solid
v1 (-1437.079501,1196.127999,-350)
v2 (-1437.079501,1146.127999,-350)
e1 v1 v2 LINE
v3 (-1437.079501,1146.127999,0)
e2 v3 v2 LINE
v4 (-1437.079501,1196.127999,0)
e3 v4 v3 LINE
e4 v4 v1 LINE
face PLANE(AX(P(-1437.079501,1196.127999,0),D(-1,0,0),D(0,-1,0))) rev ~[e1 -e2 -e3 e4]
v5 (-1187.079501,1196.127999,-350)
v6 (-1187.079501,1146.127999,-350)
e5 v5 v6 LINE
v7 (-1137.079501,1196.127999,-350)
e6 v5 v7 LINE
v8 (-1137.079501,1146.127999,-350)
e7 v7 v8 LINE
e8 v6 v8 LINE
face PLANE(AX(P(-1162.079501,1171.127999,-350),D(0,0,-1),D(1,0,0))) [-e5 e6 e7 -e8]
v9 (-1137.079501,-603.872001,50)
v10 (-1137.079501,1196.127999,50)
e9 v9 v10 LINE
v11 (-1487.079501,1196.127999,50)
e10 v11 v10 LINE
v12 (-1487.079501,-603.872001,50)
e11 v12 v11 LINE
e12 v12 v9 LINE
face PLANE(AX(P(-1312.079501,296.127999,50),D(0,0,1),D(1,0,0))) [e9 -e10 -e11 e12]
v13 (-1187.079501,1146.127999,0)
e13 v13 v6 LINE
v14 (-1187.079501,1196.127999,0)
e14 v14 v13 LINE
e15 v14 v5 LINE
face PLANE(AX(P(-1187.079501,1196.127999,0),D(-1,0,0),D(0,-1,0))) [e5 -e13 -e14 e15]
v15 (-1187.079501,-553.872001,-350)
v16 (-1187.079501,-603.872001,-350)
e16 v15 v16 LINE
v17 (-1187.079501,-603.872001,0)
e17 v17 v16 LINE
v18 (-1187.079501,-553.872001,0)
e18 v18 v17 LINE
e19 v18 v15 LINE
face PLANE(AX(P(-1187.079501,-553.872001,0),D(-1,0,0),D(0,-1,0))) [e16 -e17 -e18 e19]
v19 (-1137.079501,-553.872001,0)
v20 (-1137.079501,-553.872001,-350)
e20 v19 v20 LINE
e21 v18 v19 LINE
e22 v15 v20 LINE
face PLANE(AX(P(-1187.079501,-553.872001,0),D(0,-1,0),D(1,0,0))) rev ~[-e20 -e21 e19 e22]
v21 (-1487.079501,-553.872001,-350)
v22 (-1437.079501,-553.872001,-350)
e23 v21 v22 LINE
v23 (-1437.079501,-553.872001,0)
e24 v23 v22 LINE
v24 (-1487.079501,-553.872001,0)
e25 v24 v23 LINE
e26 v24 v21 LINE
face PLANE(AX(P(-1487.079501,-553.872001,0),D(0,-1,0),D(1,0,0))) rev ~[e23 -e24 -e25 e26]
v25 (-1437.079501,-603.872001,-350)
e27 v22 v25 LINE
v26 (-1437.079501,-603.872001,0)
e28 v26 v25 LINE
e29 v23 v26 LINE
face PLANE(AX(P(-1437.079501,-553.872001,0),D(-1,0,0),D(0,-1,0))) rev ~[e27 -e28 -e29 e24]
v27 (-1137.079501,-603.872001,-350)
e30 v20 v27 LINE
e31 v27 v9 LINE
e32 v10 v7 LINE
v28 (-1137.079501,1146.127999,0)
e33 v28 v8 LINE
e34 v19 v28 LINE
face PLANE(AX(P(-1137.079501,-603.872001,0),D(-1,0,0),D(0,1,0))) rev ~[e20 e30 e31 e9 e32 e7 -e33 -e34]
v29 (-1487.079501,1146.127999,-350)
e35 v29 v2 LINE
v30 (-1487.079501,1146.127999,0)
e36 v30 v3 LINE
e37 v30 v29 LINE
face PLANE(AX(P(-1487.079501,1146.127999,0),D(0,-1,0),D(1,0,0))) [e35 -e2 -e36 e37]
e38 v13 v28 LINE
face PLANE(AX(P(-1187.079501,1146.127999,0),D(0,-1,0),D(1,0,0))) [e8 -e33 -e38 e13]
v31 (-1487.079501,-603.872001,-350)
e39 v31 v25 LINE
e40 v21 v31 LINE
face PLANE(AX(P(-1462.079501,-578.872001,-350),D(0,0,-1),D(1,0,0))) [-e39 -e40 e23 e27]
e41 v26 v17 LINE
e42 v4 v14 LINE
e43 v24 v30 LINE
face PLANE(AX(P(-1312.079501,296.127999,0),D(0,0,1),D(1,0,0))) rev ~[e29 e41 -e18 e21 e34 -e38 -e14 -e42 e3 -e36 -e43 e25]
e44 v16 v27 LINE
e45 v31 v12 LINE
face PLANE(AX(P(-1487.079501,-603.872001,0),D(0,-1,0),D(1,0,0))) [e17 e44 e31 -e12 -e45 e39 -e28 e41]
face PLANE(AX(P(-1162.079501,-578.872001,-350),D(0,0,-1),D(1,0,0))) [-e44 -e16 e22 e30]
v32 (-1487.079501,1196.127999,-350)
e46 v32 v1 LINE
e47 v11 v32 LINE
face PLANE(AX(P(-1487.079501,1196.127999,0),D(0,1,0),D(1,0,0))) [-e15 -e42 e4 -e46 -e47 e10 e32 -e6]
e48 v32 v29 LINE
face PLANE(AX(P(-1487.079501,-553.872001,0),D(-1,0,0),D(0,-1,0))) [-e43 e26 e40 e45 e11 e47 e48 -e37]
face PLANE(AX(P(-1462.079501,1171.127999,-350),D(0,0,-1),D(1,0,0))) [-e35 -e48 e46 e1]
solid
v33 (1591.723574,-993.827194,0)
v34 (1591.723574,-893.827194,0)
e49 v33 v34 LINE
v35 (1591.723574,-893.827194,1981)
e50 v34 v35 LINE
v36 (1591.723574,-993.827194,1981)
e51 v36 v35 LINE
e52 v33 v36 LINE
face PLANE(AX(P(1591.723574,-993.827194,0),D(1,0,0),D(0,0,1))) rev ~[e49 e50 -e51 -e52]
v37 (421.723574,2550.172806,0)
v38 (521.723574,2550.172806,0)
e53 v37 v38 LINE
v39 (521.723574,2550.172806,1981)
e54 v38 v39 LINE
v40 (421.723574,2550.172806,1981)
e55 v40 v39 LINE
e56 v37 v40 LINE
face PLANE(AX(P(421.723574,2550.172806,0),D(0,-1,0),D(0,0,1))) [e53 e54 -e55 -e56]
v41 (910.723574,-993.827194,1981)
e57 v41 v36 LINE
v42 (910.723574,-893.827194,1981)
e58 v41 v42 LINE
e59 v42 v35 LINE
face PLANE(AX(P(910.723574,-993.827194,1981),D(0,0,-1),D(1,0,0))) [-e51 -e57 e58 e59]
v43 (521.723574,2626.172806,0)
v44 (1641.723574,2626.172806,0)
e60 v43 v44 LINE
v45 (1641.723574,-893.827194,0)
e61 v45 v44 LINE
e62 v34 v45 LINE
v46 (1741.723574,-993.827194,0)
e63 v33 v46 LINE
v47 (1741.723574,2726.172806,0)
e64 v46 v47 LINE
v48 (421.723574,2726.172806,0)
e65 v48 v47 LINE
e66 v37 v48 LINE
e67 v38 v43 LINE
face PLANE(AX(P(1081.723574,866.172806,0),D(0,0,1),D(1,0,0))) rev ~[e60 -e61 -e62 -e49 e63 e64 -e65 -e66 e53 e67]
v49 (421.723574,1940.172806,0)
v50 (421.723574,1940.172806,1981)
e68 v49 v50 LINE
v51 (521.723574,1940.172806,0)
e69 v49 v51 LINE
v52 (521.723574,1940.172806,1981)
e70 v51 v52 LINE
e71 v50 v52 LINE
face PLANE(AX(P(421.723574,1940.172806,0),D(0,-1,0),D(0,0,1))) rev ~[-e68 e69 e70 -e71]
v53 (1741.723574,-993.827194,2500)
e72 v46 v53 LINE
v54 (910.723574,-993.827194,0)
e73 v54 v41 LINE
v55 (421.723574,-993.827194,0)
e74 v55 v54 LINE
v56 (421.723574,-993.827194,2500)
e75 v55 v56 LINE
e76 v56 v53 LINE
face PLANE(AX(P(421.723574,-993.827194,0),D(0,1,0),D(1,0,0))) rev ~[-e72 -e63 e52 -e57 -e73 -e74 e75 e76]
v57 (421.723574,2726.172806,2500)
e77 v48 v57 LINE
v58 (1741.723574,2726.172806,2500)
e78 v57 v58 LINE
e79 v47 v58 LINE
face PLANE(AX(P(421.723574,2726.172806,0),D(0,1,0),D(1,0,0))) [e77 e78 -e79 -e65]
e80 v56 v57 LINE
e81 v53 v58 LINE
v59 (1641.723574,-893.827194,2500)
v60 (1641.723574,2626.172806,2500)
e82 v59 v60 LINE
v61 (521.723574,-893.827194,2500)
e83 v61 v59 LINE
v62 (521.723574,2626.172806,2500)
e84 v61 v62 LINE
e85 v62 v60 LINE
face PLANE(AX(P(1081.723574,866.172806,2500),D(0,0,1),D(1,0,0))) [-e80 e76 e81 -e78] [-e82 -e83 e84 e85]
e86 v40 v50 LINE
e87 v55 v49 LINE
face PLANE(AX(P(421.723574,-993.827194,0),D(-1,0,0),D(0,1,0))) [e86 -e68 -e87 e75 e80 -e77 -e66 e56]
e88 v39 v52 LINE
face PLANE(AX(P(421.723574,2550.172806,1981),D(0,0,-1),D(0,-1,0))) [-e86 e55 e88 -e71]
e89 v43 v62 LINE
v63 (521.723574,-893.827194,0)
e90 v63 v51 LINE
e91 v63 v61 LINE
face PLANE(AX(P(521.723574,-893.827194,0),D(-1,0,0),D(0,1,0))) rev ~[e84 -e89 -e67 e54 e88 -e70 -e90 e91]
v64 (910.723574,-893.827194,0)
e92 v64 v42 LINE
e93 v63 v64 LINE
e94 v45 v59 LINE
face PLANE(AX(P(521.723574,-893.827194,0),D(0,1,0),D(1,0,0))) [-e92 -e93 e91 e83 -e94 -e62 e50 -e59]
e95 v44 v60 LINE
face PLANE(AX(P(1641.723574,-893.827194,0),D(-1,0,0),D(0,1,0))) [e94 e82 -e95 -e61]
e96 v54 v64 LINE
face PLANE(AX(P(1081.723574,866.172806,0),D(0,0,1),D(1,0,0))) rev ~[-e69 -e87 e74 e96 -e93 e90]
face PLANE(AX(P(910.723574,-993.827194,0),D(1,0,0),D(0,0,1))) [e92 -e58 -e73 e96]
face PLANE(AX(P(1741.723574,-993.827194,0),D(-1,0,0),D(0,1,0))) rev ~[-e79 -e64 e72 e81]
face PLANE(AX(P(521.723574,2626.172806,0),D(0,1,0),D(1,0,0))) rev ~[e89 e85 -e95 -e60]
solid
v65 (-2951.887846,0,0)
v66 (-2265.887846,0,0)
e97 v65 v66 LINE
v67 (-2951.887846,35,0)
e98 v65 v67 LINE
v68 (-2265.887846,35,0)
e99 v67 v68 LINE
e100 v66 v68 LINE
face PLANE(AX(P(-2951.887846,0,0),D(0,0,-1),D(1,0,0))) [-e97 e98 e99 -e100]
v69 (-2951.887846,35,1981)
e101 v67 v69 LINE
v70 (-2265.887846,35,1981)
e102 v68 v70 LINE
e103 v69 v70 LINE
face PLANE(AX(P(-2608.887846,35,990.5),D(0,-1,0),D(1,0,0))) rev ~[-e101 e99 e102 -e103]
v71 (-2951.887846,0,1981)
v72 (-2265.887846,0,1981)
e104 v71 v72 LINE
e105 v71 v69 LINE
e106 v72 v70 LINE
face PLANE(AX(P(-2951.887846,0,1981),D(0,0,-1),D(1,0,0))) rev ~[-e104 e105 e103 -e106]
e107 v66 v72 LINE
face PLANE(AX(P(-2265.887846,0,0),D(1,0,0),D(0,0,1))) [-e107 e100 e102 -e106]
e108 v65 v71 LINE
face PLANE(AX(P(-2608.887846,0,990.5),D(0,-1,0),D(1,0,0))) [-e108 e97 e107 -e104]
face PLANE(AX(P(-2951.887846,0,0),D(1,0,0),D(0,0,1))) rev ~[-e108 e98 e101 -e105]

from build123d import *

# Parameters (mm, degrees)
F0_W      = 1320
F0_H      = 3720
F0_W_2    = 1120
F0_H_2    = 3520
F1_DEPTH  = 2500
F2_W      = 681
F2_H      = 1981
F3_DEPTH  = 100
F4_W      = 350
F4_H      = 1800
F5_DEPTH  = 50
F6_W      = 50
F6_H      = 50
F7_DEPTH  = 350
F8_W      = 610
F8_H      = 1981
F9_DEPTH  = 100
F10_W     = 686
F10_H     = 1981
F11_DEPTH = 35


with BuildPart() as f1:
    # F0 (on Top) → F1 (new body)
    with BuildSketch(Plane.XY):
        with Locations((1081.723574, 866.172806)):
            Rectangle(F0_W, F0_H)
        with Locations((1081.723574, 866.172806)):
            Rectangle(F0_W_2, F0_H_2, mode=Mode.SUBTRACT)
    extrude(amount=F1_DEPTH)

    # F2 (on face) → F3 (cut, through all)
    with BuildSketch(Plane.XZ.offset(993.827194)):
        with Locations((1251.223574, 990.5)):
            Rectangle(F2_W, F2_H)
    extrude(amount=-F3_DEPTH, mode=Mode.SUBTRACT)

    # F8 (on face) → F9 (cut, through all)
    with BuildSketch(Plane(origin=(421.723574, 0, 0), x_dir=(0, -1, 0), z_dir=(-1, 0, 0))):
        with Locations((-2245.172806, 990.5)):
            Rectangle(F8_W, F8_H)
    extrude(amount=-F9_DEPTH, mode=Mode.SUBTRACT)


with BuildPart() as f5:
    # F4 (on Top) → F5 (new body)
    with BuildSketch(Plane.XY):
        with Locations((-1312.079501, 296.127999)):
            Rectangle(F4_W, F4_H)
    extrude(amount=F5_DEPTH)

    # F6 (on face) → F7 (join)
    with BuildSketch(Plane(origin=(0, 0, 0), x_dir=(1, 0, 0), z_dir=(0, 0, -1))):
        with Locations((-1462.079501, 578.872001)):
            Rectangle(F6_W, F6_H)
        with Locations((-1162.079501, 578.872001)):
            Rectangle(F6_W, F6_H)
        with Locations((-1162.079501, -1171.127999)):
            Rectangle(F6_W, F6_H)
        with Locations((-1462.079501, -1171.127999)):
            Rectangle(F6_W, F6_H)
    extrude(amount=F7_DEPTH)


with BuildPart() as f11:
    # F10 (on Front) → F11 (new body)
    with BuildSketch(Plane.XZ):
        with Locations((-2608.887846, 990.5)):
            Rectangle(F10_W, F10_H)
    extrude(amount=-F11_DEPTH)


solid = Compound([f1.part, f5.part, f11.part])
